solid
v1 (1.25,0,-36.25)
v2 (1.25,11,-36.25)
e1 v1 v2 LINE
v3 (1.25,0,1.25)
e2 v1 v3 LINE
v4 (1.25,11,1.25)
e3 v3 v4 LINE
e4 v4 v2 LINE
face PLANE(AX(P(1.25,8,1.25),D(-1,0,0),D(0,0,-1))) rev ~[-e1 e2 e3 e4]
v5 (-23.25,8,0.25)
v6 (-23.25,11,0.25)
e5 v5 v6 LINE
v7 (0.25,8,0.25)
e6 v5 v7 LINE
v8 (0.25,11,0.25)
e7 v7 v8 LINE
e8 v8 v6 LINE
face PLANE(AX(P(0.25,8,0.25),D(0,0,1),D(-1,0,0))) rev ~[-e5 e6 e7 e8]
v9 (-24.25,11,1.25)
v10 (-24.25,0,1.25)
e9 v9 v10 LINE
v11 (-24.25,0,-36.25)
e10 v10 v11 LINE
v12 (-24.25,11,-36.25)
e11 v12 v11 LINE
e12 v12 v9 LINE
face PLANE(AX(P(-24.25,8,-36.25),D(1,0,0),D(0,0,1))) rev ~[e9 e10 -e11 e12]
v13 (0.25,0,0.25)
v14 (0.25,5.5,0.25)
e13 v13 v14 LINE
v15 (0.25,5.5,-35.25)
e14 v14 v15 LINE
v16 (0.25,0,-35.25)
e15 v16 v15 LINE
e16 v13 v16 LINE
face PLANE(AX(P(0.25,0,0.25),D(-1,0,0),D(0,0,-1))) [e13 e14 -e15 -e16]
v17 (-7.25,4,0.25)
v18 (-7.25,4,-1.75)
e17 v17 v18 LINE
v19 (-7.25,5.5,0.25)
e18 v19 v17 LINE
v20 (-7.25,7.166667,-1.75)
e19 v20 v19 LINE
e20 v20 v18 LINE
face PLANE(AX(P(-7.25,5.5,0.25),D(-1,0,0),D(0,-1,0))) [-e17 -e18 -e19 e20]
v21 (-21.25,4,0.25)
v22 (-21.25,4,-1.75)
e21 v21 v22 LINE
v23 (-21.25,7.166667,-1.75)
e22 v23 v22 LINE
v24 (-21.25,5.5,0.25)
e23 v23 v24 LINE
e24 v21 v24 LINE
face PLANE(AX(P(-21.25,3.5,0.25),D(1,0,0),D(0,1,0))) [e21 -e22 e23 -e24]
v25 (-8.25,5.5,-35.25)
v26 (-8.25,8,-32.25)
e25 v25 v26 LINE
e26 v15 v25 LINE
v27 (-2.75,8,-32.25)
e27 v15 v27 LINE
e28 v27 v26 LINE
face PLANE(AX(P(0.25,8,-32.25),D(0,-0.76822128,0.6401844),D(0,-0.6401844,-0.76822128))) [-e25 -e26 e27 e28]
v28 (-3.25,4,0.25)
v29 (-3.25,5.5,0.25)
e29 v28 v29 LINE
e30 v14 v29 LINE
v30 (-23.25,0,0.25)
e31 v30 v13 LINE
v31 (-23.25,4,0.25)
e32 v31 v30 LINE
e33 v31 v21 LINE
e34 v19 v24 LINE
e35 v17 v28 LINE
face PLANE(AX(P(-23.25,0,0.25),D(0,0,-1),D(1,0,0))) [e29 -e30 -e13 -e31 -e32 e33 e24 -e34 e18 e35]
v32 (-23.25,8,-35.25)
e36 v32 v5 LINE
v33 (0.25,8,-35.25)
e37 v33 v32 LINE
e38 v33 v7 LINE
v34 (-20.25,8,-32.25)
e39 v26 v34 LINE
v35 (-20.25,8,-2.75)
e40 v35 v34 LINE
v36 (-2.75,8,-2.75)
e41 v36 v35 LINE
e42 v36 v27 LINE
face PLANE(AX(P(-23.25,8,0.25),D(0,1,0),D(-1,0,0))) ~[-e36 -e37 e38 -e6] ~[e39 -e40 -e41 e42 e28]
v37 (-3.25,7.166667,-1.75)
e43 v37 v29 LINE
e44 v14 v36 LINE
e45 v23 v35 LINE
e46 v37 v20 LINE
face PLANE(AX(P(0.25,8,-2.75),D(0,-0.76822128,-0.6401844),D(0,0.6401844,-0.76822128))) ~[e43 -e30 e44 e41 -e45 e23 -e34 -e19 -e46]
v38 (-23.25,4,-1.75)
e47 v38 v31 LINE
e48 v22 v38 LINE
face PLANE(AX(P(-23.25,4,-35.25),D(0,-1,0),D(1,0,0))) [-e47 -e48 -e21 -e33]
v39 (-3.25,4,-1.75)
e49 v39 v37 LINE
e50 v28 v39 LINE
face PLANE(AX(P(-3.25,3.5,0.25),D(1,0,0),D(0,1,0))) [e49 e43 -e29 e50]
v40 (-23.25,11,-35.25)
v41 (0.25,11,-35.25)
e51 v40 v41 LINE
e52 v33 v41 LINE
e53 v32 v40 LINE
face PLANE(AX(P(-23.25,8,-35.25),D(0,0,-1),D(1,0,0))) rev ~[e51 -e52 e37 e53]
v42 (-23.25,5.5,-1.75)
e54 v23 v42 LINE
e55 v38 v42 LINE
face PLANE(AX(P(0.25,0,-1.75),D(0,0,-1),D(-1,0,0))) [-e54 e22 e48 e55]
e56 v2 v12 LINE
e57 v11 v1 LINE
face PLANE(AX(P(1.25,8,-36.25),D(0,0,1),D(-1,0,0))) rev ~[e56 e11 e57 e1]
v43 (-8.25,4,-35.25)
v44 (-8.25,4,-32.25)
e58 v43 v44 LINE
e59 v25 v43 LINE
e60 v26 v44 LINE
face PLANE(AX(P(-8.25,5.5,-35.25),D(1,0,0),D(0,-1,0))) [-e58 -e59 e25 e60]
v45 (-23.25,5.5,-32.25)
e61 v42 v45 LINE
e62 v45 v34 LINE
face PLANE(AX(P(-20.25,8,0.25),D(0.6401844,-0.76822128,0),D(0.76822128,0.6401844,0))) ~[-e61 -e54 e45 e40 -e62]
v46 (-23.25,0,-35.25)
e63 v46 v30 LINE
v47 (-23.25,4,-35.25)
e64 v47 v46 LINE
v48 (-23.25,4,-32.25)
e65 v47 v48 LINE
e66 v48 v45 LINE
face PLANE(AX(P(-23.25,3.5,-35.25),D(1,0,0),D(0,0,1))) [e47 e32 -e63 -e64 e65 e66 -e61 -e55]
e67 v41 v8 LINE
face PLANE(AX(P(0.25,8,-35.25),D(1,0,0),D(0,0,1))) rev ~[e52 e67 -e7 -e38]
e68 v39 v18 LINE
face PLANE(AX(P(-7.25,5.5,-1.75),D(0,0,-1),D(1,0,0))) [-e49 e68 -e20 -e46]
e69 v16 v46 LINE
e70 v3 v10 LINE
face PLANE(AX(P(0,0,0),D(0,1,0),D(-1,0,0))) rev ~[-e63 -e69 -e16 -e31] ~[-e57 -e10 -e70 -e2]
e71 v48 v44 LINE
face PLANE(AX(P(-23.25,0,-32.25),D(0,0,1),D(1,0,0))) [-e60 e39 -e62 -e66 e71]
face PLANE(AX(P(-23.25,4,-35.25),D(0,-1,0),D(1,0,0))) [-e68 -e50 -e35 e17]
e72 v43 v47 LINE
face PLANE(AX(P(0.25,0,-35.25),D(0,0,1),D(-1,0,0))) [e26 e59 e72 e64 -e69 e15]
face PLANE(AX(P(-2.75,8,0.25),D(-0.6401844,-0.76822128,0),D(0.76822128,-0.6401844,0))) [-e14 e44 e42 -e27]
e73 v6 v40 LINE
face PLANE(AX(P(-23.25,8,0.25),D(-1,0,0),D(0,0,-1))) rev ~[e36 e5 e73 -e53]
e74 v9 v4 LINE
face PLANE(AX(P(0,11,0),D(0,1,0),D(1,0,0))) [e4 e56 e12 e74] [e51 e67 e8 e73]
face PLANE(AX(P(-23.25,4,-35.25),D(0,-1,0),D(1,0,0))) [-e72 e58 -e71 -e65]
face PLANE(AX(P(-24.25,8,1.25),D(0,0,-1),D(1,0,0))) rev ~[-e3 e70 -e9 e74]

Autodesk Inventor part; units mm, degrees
ref_plane "YZ Plane" through (0, 0, 0) normal (1, 0, 0) x (0, 1, 0)
sketch "Sketch1" plane through (0, 0, 0) normal (0, 1, 0) x (-1, 0, 0)
  line L0 (0, 0) -> (23, 0) construction
  line L1 (23, 0) -> (23, -35) construction
  line L2 (23, -35) -> (0, -35) construction
  line L3 (0, -35) -> (0, 0) construction
  line L4 (23.25, -35.25) -> (23.25, 0.25)
  line L5 (23.25, 0.25) -> (-0.25, 0.25)
  line L6 (-0.25, 0.25) -> (-0.25, -35.25)
  line L7 (-0.25, -35.25) -> (23.25, -35.25)
  line L8 (24.25, 1.25) -> (24.25, -36.25)
  line L9 (24.25, -36.25) -> (-1.25, -36.25)
  line L10 (-1.25, -36.25) -> (-1.25, 1.25)
  line L11 (-1.25, 1.25) -> (24.25, 1.25)
  dimension "d0" = 35
  dimension "d1" = 23
  dimension "d2" = 0.25
  dimension "d3" = 1
extrude "Extrusion1" add sketch "Sketch1" along normal blind 8
sketch "Sketch9" plane through (0.25, 0, 0.25) normal (0, 0, -1) x (-1, 0, 0)
  line L0 (-1, 0) -> (24.5, 0) projected
  line L1 (24.5, 0) -> (24.5, 8) projected
  line L2 (-1, 8) -> (24.5, 8) projected
  line L3 (-1, 0) -> (-1, 8) projected
  line L4 (0, 0) -> (23.5, 0) projected
  line L5 (23.5, 0) -> (23.5, 8) projected
  line L6 (0, 8) -> (23.5, 8) projected
  line L7 (0, 0) -> (0, 8) projected
  line L8 (0, 8) -> (3, 8)
  line L9 (24.5, 8) -> (-1, 8) projected
  line L10 (3, 8) -> (0, 5.5)
  line L11 (0, 0) -> (0, 8) projected
  line L12 (0, 8) -> (0, 5.5)
  point P0 (0.25, 0)
  point P1 (0, 8)
  dimension "d25" = 3
  dimension "d26" = 2.5
extrude "Extrusion7" add sketch "Sketch9" along normal up to surface (35.5 mm away) contours L7 L2 L10
ref_plane "Work Plane5" through (-11.5, 0, 1.25) normal (1, 0, 0) x (0, 0, -1)
mirror "Mirror4" about plane through (-11.5, 0, 1.25) normal (1, 0, 0) of "Extrusion7"
sketch "Sketch10" plane through (0.25, 0, -35.25) normal (-1, 0, 0) x (0, 0, 1)
  line L0 (-1, 0) -> (36.5, 0) projected
  line L1 (36.5, 0) -> (36.5, 8) projected
  line L2 (-1, 8) -> (36.5, 8) projected
  line L3 (-1, 0) -> (-1, 8) projected
  line L4 (35.5, 5.5) -> (0, 5.5) projected
  line L5 (0, 0) -> (0, 5.5) projected
  line L6 (0, 0) -> (35.5, 0) projected
  line L7 (35.5, 0) -> (35.5, 5.5) projected
  line L8 (36.5, 8) -> (-1, 8) projected
  line L9 (0, 8) -> (3, 8)
  line L10 (0, 0) -> (0, 5.5) projected
  line L11 (3, 8) -> (0, 5.5)
  line L12 (35.5, 5.5) -> (0, 5.5) projected
  line L13 (0, 8) -> (0, 5.5)
  point P0 (35.25, 0)
  point P1 (3, 8)
  dimension "d29" = 3
extrude "Extrusion8" add sketch "Sketch10" along normal up to surface (23.5 mm away) contours L13 L2 L11
ref_plane "Work Plane6" through (-24.25, 0, -17.5) normal (0, 0, 1) x (1, 0, 0)
mirror "Mirror5" about plane through (-24.25, 0, -17.5) normal (0, 0, 1) of "Extrusion8"
sketch "Sketch11" plane through (0, 8, 0) normal (0, 1, 0) x (1, 0, 0)
  line L0 (1.25, -1.25) -> (1.25, 36.25) projected
  line L1 (-24.25, -1.25) -> (1.25, -1.25) projected
  line L2 (-24.25, 36.25) -> (-24.25, -1.25) projected
  line L3 (1.25, 36.25) -> (-24.25, 36.25) projected
  line L4 (-23.25, 35.25) -> (0.25, 35.25) projected
  line L5 (-23.25, -0.25) -> (-23.25, 35.25) projected
  line L6 (0.25, -0.25) -> (-23.25, -0.25) projected
  line L7 (0.25, 35.25) -> (0.25, -0.25) projected
  point P0 (0, 0)
extrude "Extrusion9" add sketch "Sketch11" along normal blind 3
sketch "Sketch12" plane through (-23.25, 0, -35.25) normal (0, 0, 1) x (1, 0, 0)
  line L0 (23.5, 5.5) -> (0, 5.5) projected
  line L1 (0, 0) -> (0, 5.5) projected
  line L2 (0, 0) -> (23.5, 0) projected
  line L3 (23.5, 0) -> (23.5, 5.5) projected
  line L4 (0, 5.5) -> (15, 5.5)
  line L5 (15, 5.5) -> (15, 3.5)
  line L6 (15, 3.5) -> (0, 3.5)
  line L7 (0, 3.5) -> (0, 5.5)
  point P0 (23.25, 0)
  point P1 (0, 5.5)
  point P2 (0, 3.5)
  dimension "d34" = 3.5
  dimension "d35" = 2
  dimension "d36" = 15
extrude "Extrusion10" add sketch "Sketch12" along normal blind 3 contours L5 L6 L1 L0
sketch "Sketch13" plane through (0.25, 0, 0.25) normal (0, 0, -1) x (-1, 0, 0)
  line L0 (23.5, 3.5) -> (23.5, 5.5) projected
  line L1 (8.5, 5.5) -> (23.5, 5.5) projected
  line L2 (8.5, 3.5) -> (23.5, 3.5) projected
  line L3 (23.5, 0) -> (23.5, 3.5) projected
  line L4 (23.5, 0) -> (0, 0) projected
  line L5 (0, 0) -> (0, 5.5) projected
  line L6 (0, 5.5) -> (8.5, 5.5) projected
  line L7 (8.5, 5.5) -> (8.5, 3.5) projected
  line L8 (7.5, 5.5) -> (7.5, 3.5)
  line L9 (7.5, 3.5) -> (3.5, 3.5)
  line L10 (3.5, 3.5) -> (3.5, 5.5)
  line L11 (3.5, 5.5) -> (7.5, 5.5)
  line L12 (21.5, 5.5) -> (23.5, 5.5)
  line L13 (23.5, 5.5) -> (23.5, 3.5)
  line L14 (23.5, 3.5) -> (21.5, 3.5)
  line L15 (21.5, 3.5) -> (21.5, 5.5)
  point P0 (0.25, 0)
  dimension "d40" = 4
  dimension "d41" = 2
  dimension "d42" = 3.5
  dimension "d49" = 2
extrude "Extrusion11" add sketch "Sketch13" along normal blind 2 contours L2 L15 L1 L0 | L8 L9 L10 L6
sketch "Sketch18" plane through (-23.25, 5.5, -35.25) normal (0, 1, 0) x (1, 0, 0)
  line L0 (16, -35.5) -> (20, -35.5) projected
  line L1 (20, -35.5) -> (20, -33.5) projected
  line L2 (16, -33.5) -> (20, -33.5) projected
  line L3 (16, -35.5) -> (16, -33.5) projected
  line L4 (0, -35.5) -> (2, -35.5) projected
  line L5 (2, -35.5) -> (2, -33.5) projected
  line L6 (0, -33.5) -> (2, -33.5) projected
  line L7 (0, -33.5) -> (0, -35.5) projected
  line L8 (15, 0) -> (0, 0) projected
  line L9 (0, 0) -> (0, -3) projected
  line L10 (15, -3) -> (0, -3) projected
  line L11 (15, 0) -> (15, -3) projected
  point P0 (23.25, -35.25)
extrude "Extrusion14" add sketch "Sketch18" along normal up to surface (2.5 mm away)
sketch "Sketch20" plane through (-23.25, 3.5, -35.25) normal (0, -1, 0) x (1, 0, 0)
  line L0 (0, 35.5) -> (2, 35.5) projected
  line L1 (0, 33.5) -> (0, 35.5) projected
  line L2 (2, 33.5) -> (0, 33.5) projected
  line L3 (2, 35.5) -> (2, 33.5) projected
  line L4 (16, 35.5) -> (20, 35.5) projected
  line L5 (16, 35.5) -> (16, 33.5) projected
  line L6 (20, 33.5) -> (16, 33.5) projected
  line L7 (20, 35.5) -> (20, 33.5) projected
  line L8 (15, 0) -> (0, 0) projected
  line L9 (15, 0) -> (15, 3) projected
  line L10 (0, 3) -> (15, 3) projected
  line L11 (0, 0) -> (0, 3) projected
  point P0 (23.25, 35.25)
extrude "Extrusion16" cut sketch "Sketch20" against normal blind 0.5
sketch "Sketch22" plane through (-23.25, 0, -35.25) normal (0, 0, 1) x (1, 0, 0)
  point P0 (23.25, 0)
sketch "Sketch23" plane through (-23.25, 0, -35.25) normal (0, 0, 1) x (1, 0, 0)
  point P0 (23.25, 0)
properties part number "sensorCover"
